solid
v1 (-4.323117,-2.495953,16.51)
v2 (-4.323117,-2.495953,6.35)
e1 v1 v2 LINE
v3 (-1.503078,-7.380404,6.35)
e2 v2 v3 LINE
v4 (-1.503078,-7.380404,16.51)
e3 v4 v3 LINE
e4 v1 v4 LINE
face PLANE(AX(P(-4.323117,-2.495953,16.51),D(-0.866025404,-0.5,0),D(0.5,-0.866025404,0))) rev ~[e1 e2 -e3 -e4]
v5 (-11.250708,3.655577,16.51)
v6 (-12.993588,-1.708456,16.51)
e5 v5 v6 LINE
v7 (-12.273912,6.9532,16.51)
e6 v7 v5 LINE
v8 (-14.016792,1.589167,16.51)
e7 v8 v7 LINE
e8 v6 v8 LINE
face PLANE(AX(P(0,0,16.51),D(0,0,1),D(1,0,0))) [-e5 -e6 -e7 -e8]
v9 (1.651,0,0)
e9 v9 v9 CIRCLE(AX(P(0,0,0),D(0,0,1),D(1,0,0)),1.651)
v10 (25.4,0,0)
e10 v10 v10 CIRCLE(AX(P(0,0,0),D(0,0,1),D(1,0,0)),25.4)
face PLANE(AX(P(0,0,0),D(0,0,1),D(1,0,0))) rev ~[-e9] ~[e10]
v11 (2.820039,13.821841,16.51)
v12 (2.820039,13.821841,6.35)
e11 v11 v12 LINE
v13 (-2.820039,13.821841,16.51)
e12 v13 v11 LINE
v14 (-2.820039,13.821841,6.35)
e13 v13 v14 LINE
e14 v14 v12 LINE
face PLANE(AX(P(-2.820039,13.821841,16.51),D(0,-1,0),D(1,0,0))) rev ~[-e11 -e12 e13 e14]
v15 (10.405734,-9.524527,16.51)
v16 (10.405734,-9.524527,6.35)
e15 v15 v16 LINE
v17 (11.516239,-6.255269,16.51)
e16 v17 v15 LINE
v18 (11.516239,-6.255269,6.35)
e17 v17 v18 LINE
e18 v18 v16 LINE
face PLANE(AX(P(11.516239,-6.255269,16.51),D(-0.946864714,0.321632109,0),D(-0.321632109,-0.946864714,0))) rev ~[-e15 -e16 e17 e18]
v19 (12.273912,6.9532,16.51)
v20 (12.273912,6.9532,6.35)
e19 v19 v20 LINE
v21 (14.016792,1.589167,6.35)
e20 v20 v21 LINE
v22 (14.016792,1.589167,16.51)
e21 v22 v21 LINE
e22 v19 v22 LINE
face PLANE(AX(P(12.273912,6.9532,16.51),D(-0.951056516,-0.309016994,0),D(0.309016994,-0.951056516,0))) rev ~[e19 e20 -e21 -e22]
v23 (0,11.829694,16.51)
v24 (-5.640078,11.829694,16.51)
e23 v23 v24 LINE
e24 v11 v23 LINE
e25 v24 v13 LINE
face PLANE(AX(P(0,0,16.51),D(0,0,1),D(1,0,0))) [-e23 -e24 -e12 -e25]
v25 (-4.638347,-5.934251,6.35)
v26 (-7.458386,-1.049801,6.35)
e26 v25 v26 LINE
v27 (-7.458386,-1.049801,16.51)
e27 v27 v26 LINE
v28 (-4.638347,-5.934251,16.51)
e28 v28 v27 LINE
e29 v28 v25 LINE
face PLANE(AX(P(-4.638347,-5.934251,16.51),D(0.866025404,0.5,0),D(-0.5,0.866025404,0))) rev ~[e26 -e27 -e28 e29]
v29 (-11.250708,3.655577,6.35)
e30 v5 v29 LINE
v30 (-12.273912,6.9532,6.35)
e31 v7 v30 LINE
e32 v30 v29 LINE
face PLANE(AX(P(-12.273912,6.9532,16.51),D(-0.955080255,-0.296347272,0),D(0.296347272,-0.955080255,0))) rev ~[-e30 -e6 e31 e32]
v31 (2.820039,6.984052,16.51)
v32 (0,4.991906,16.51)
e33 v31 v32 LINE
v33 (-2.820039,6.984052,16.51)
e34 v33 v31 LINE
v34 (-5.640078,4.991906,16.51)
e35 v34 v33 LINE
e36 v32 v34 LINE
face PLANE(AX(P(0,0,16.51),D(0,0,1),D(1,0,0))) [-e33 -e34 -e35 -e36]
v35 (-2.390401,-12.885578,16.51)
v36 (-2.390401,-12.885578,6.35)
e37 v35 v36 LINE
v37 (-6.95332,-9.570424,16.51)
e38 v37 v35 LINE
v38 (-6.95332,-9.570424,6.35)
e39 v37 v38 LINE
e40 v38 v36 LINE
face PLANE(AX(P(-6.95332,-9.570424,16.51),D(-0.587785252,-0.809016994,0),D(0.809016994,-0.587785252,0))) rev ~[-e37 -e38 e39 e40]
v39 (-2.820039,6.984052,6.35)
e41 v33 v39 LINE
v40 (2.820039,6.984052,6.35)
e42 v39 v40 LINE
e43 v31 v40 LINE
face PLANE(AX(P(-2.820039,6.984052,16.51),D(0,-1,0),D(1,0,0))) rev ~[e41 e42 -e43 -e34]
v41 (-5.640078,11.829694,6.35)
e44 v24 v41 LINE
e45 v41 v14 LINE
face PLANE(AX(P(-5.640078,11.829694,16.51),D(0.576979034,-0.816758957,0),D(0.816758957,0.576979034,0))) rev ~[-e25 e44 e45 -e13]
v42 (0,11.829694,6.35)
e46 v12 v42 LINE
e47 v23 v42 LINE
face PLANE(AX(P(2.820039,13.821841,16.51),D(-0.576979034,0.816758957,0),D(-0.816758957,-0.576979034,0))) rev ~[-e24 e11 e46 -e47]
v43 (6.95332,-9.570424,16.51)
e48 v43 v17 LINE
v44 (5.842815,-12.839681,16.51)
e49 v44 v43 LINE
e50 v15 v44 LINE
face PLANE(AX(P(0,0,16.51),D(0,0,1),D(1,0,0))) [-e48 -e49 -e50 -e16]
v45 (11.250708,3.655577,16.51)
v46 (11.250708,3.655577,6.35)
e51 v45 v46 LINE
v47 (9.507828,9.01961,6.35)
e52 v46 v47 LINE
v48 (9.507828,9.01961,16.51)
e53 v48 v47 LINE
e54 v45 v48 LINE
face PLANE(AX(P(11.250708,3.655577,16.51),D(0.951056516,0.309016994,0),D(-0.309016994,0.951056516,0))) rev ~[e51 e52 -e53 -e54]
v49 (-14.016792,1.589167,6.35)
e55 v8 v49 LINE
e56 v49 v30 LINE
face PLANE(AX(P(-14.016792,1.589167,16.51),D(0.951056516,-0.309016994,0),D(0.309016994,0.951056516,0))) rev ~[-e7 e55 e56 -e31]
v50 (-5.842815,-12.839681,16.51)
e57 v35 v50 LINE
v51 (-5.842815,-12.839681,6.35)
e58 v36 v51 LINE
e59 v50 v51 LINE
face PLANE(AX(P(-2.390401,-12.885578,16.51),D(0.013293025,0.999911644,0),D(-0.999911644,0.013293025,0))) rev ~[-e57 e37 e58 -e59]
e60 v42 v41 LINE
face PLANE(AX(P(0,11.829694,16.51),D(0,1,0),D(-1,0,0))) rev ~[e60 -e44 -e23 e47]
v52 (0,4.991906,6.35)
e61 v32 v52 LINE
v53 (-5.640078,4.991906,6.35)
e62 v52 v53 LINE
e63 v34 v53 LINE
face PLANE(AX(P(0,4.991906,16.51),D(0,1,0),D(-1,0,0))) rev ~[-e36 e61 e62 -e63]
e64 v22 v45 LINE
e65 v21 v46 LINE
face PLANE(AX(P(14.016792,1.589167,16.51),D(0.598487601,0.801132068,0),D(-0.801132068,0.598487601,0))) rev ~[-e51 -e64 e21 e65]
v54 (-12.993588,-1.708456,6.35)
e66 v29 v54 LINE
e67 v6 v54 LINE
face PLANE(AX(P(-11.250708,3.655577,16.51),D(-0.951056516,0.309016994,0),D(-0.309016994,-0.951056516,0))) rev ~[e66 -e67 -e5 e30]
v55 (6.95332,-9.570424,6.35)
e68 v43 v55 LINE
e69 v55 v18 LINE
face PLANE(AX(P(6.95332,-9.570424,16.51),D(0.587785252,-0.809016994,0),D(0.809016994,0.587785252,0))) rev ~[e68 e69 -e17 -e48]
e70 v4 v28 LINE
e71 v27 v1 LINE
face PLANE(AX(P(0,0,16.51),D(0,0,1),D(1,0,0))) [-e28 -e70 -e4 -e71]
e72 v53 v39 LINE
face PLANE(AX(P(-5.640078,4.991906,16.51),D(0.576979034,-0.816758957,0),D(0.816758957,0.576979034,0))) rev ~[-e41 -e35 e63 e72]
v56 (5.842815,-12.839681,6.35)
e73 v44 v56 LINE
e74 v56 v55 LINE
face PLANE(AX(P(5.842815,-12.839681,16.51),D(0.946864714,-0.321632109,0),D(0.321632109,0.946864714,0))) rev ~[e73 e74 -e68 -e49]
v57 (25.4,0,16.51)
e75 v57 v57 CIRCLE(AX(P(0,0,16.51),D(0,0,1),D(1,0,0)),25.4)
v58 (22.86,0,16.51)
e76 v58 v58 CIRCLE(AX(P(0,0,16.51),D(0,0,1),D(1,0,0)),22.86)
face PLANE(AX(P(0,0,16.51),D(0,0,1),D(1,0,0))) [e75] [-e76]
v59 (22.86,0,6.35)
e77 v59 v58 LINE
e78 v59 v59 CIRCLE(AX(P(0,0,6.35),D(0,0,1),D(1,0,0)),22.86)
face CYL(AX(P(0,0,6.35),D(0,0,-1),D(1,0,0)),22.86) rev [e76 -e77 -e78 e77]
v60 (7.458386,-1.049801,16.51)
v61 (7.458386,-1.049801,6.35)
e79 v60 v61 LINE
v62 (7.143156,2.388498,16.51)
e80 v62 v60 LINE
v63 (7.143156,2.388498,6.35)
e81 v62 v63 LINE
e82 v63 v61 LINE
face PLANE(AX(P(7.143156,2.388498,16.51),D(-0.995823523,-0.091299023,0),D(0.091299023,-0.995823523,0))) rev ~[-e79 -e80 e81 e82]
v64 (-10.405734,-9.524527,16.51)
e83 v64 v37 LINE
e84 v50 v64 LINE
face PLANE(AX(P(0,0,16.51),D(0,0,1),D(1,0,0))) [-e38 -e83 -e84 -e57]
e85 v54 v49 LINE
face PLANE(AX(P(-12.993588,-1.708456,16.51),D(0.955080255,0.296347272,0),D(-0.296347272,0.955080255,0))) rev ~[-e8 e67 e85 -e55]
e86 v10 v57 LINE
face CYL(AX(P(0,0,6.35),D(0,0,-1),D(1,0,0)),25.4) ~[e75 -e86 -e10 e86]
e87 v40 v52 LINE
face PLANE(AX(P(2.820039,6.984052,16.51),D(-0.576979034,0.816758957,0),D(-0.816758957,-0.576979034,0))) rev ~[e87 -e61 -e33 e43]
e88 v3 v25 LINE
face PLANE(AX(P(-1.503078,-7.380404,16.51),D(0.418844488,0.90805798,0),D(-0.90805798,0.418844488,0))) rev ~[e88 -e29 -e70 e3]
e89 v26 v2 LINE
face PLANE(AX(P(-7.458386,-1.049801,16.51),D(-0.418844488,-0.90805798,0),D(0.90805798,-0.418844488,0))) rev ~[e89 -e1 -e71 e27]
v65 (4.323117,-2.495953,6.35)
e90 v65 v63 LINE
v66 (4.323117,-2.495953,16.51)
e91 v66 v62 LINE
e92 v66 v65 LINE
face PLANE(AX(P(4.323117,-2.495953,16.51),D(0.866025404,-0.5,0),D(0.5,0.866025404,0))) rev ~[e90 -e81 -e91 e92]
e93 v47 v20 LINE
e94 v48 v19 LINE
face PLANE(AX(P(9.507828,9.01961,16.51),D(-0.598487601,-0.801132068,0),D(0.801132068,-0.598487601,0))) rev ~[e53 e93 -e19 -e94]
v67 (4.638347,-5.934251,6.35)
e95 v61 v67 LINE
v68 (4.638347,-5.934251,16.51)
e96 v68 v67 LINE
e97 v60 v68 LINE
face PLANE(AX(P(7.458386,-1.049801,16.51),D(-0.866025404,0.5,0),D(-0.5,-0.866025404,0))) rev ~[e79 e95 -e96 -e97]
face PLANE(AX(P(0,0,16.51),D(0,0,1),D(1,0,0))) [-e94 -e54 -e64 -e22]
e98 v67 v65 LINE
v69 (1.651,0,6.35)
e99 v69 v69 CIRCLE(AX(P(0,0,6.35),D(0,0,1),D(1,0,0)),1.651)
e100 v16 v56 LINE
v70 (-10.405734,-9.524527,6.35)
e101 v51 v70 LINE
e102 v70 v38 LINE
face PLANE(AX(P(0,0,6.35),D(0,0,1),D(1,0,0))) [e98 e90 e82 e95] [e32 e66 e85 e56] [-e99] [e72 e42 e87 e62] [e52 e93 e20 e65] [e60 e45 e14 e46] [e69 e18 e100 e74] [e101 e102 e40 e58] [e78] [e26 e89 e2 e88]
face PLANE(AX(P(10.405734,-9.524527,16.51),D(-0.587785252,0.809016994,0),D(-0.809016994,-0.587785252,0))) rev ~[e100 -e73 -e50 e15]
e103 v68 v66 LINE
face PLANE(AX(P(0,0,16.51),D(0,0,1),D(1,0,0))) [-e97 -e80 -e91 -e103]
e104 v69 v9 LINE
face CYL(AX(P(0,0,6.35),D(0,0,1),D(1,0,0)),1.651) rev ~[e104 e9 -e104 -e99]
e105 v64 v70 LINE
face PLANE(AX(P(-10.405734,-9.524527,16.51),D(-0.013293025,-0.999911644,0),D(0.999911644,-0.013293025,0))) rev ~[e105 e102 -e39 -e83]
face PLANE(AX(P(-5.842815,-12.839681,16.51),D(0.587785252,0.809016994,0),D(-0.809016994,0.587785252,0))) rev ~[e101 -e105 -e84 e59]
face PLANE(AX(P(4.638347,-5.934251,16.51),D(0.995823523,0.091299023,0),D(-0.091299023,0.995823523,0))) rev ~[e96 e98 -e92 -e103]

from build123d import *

# Parameters (mm, degrees)
F0_R     = 25.4
F1_DEPTH = 6.35
F2_R     = 22.86
F3_DEPTH = 10.16
F4_R     = 22.86
F4_R_2   = 20.32
F4_R_3   = 14.8488227635
F5_DEPTH = 10.16
F6_R     = 25.4
F6_R_2   = 22.86
F7_DEPTH = 10.16
F8_R     = 1.651
F9_DEPTH = 6.35


with BuildPart() as f1:
    # F0 (on Top) → F1 (new body)
    with BuildSketch(Plane.XY):
        Circle(F0_R)
    extrude(amount=F1_DEPTH)

    # F2 (on face) → F3 (join)
    with BuildSketch(Plane.XY.offset(6.35)):
        Circle(F2_R)
    extrude(amount=F3_DEPTH)

    # F4 (on face) → F5 (cut)
    with BuildSketch(Plane.XY.offset(16.51)):
        Circle(F4_R)
        Circle(F4_R_2, mode=Mode.SUBTRACT)
        Circle(F4_R_2)
        with BuildLine():
            ThreePointArc((2.8200390162, 17.158628647), (13.2553445021, 11.254643452), (17.3888227635, 0))
            ThreePointArc((17.3888227635, 0), (-11.254643452, -13.2553445021), (-2.8200390162, 17.158628647))
            ThreePointArc((-2.8200390162, 17.158628647), (0, 17.3888227635), (2.8200390162, 17.158628647))
        make_face(mode=Mode.SUBTRACT)
        with BuildLine():
            ThreePointArc((-2.8200390162, 17.158628647), (-11.254643452, -13.2553445021), (17.3888227635, 0))
            ThreePointArc((17.3888227635, 0), (13.2553445021, 11.254643452), (2.8200390162, 17.158628647))
            Line((2.8200390162, 17.158628647), (-2.8200390162, 17.158628647))
        make_face()
        Circle(F4_R_3, mode=Mode.SUBTRACT)
        Circle(F4_R_3)
        Polygon((-10.4057336106, -9.5245266735), (-6.9533198674, -9.5704237527), (-2.3904008896, -12.8855784419), (-5.8428146328, -12.8396813627), align=None, mode=Mode.SUBTRACT)
        Polygon((-7.4583858915, -1.049800532), (-4.3231170224, -2.4959527766), (-1.5030780063, -7.380403632), (-4.6383468754, -5.9342513873), align=None, mode=Mode.SUBTRACT)
        Polygon((5.8428146328, -12.8396813627), (6.9533198674, -9.5704237527), (11.5162388451, -6.2552690636), (10.4057336106, -9.5245266735), align=None, mode=Mode.SUBTRACT)
        Polygon((4.6383468754, -5.9342513873), (4.3231170224, -2.4959527766), (7.1431560386, 2.3884980787), (7.4583858915, -1.049800532), align=None, mode=Mode.SUBTRACT)
        Polygon((-12.2739116821, 6.9532001517), (-11.2507078801, 3.6555765868), (-12.9935878417, -1.7084563782), (-14.0167916437, 1.5891671866), align=None, mode=Mode.SUBTRACT)
        Polygon((2.8200390162, 6.9840519193), (0, 4.9919055533), (-5.6400780323, 4.9919055533), (-2.8200390162, 6.9840519193), align=None, mode=Mode.SUBTRACT)
        Polygon((2.8200390162, 13.8218406978), (0, 11.8296943319), (-5.6400780323, 11.8296943319), (-2.8200390162, 13.8218406978), align=None, mode=Mode.SUBTRACT)
        Polygon((14.0167916437, 1.5891671866), (11.2507078801, 3.6555765868), (9.5078279185, 9.0196095519), (12.2739116821, 6.9532001517), align=None, mode=Mode.SUBTRACT)
        with BuildLine():
            Line((-2.8200390162, 17.158628647), (2.8200390162, 17.158628647))
            ThreePointArc((2.8200390162, 17.158628647), (0, 17.3888227635), (-2.8200390162, 17.158628647))
        make_face()
    extrude(amount=-F5_DEPTH, mode=Mode.SUBTRACT)

    # F6 (on face) → F7 (join)
    with BuildSketch(Plane.XY.offset(6.35)):
        Circle(F6_R)
        Circle(F6_R_2, mode=Mode.SUBTRACT)
    extrude(amount=F7_DEPTH)

    # F8 (on face) → F9 (cut, through all)
    with BuildSketch(Plane.XY.offset(6.35)):
        Circle(F8_R)
    extrude(amount=-F9_DEPTH, mode=Mode.SUBTRACT)


solid = f1.part
